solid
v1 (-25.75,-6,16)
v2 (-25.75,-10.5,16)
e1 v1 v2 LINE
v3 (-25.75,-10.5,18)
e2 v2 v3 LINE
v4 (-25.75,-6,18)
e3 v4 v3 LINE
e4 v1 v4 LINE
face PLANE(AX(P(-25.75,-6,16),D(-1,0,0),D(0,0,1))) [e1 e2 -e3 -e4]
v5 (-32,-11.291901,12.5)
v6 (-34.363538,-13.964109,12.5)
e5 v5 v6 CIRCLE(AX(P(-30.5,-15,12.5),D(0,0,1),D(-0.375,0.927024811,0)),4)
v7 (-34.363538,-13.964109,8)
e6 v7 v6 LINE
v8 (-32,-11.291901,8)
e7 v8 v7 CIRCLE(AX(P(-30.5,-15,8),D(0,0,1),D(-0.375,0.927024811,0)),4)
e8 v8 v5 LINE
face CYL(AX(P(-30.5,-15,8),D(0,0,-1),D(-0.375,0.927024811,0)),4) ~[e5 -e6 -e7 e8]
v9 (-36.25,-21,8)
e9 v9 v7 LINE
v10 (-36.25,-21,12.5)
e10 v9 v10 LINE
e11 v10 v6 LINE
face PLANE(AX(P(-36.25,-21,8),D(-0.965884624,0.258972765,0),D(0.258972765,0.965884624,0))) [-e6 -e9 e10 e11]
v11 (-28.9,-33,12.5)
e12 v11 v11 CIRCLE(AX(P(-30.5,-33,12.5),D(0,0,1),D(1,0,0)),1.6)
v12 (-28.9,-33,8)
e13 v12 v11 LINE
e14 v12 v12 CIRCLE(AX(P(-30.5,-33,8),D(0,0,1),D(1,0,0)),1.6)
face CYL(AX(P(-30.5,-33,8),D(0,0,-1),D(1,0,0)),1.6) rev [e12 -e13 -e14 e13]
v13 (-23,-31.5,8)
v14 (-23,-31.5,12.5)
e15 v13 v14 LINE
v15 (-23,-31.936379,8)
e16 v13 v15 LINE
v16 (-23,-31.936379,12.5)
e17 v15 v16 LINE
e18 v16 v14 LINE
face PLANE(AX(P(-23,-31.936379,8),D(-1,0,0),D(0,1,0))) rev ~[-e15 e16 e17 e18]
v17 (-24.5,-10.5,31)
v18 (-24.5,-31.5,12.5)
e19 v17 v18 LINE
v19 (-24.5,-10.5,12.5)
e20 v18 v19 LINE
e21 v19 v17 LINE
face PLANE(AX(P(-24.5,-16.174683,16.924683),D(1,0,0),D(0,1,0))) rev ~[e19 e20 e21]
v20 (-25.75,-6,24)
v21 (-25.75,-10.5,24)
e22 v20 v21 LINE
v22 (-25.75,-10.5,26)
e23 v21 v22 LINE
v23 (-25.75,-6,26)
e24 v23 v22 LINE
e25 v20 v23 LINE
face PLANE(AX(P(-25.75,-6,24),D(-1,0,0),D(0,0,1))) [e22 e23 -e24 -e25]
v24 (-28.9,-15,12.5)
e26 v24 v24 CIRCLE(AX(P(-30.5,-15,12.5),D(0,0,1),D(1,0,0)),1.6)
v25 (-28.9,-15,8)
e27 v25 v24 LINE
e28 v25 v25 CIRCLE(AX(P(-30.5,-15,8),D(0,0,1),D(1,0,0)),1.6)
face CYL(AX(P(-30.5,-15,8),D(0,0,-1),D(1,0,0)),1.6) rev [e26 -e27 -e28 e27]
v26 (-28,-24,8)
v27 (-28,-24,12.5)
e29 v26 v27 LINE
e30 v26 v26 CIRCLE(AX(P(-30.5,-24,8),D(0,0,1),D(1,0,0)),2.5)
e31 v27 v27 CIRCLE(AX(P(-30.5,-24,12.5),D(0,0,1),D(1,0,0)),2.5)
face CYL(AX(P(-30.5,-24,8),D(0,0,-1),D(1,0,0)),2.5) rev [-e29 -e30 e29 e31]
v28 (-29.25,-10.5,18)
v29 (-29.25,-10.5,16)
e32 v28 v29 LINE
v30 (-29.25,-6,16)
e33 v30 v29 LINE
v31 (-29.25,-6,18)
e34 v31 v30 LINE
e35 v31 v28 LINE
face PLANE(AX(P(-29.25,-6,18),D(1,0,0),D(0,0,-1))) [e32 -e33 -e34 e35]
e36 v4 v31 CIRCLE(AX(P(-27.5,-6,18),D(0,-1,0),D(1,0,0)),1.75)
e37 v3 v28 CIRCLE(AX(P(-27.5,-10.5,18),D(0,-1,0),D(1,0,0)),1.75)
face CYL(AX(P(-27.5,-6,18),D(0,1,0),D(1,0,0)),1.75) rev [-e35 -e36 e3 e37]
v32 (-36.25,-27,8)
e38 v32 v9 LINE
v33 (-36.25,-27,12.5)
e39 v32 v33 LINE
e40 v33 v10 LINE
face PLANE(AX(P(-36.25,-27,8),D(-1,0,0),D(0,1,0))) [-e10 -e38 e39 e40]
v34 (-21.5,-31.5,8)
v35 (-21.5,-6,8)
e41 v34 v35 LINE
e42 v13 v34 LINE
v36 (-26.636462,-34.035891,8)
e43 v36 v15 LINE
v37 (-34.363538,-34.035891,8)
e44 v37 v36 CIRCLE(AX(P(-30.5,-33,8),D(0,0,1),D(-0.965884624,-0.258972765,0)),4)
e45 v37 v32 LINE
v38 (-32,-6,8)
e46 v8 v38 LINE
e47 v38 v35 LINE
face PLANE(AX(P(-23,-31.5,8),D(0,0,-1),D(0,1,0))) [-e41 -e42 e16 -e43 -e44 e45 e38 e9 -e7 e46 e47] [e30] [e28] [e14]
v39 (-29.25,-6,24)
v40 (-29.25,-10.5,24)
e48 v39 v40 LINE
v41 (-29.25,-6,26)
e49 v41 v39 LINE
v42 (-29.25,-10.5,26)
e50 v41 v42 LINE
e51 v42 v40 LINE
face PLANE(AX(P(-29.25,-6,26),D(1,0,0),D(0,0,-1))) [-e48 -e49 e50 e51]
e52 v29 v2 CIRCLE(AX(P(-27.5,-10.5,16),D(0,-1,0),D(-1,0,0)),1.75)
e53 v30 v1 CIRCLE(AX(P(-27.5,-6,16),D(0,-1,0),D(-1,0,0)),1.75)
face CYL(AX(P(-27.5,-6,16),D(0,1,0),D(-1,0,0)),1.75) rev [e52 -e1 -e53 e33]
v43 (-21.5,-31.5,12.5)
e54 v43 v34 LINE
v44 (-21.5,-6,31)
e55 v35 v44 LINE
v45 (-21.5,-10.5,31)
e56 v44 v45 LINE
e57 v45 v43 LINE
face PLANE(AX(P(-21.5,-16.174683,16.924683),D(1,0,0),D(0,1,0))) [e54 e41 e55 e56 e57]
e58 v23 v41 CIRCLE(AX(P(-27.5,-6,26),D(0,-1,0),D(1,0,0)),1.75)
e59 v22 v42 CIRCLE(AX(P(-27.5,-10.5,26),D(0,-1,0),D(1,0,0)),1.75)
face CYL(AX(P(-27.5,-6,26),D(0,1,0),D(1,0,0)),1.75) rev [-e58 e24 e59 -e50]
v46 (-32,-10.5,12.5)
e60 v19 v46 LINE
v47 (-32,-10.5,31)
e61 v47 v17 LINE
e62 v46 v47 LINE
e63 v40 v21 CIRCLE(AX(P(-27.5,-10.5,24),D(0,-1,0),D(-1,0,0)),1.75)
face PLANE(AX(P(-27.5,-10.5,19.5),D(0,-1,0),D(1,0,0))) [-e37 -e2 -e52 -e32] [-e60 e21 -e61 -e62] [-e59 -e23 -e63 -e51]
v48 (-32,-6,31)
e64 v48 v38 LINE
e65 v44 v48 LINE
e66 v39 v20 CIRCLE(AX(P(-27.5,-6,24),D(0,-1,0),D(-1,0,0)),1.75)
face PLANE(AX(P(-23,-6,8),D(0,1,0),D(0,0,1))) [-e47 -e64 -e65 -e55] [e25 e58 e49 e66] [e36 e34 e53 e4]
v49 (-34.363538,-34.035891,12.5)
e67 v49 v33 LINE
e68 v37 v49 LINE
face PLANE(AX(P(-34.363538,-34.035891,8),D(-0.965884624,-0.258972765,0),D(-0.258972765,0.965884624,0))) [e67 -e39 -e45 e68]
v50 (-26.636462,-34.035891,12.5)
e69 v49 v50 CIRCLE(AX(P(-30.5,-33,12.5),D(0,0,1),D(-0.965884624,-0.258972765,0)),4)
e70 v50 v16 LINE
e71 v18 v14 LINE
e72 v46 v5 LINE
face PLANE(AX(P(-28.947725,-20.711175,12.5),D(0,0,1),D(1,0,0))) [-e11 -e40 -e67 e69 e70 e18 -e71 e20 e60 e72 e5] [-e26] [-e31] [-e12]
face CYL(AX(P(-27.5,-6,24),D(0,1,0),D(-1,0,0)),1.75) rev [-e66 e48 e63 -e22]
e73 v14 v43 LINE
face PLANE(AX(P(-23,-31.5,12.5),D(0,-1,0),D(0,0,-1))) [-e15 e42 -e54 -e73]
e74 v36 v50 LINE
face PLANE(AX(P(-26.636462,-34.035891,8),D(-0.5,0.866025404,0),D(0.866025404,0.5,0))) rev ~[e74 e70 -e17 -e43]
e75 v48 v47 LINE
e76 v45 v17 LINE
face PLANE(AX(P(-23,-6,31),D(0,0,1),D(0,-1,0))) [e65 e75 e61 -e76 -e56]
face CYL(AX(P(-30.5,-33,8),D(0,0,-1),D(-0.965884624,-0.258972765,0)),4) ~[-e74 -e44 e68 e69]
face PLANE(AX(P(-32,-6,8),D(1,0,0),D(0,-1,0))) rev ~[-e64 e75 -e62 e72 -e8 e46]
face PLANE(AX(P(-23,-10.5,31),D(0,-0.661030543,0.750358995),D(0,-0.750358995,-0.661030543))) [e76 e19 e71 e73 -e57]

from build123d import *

# Parameters (mm, degrees)
SKETCH016_W   = 9
SKETCH016_H   = 23
PAD005_DEPTH  = 4.5
SKETCH018_R   = 1.6
SKETCH018_R_2 = 2.5
PAD006_DEPTH  = 4.5
PAD011_DEPTH  = 1.5


with BuildPart() as part:
    # Sketch016 → Pad005 (new body)
    with BuildSketch(Plane.XZ):
        with Locations((3, 11.5)):
            Rectangle(SKETCH016_W, SKETCH016_H)
        with BuildLine():
            ThreePointArc((4.75, 18), (3, 19.75), (1.25, 18))
            Line((1.25, 18), (1.25, 16))
            ThreePointArc((1.25, 16), (3, 14.25), (4.75, 16))
            Line((4.75, 16), (4.75, 18))
        make_face(mode=Mode.SUBTRACT)
        with BuildLine():
            ThreePointArc((4.75, 10), (3, 11.75), (1.25, 10))
            Line((1.25, 10), (1.25, 8))
            ThreePointArc((1.25, 8), (3, 6.25), (4.75, 8))
            Line((4.75, 8), (4.75, 10))
        make_face(mode=Mode.SUBTRACT)
    extrude(amount=PAD005_DEPTH)

    # Sketch018 → Pad006 (join)
    with BuildSketch(Plane.XY):
        with BuildLine():
            ThreePointArc((-3.8635384963, -28.0358910598), (0, -31), (3.8635384963, -28.0358910598))
            Line((3.8635384963, -28.0358910598), (7.5, -25.9363790317))
            Line((7.5, -25.9363790317), (7.5, -4.5))
            Line((7.5, -4.5), (7.5, 0))
            Line((-1.5, 0), (7.5, 0))
            Line((-1.5, 0), (-1.5, -4.5))
            Line((-1.5, -4.5), (-1.5, -5.2919007565))
            ThreePointArc((-1.5, -5.2919007565), (-2.9961743014, -6.3499170663), (-3.8635384963, -7.9641089402))
            Line((-5.75, -15), (-3.8635384963, -7.9641089402))
            Line((-5.75, -21), (-5.75, -15))
            Line((-3.8635384963, -28.0358910598), (-5.75, -21))
        make_face()
        with Locations((0, -27)):
            Circle(SKETCH018_R, mode=Mode.SUBTRACT)
        with Locations((0, -9)):
            Circle(SKETCH018_R, mode=Mode.SUBTRACT)
        with Locations((0, -18)):
            Circle(SKETCH018_R_2, mode=Mode.SUBTRACT)
    extrude(amount=PAD006_DEPTH)

    # Sketch034 (on DatumPlane) → Pad011 (join, symmetric)
    with BuildSketch(Plane.YZ.offset(7.5)):
        Polygon((-4.5, 23), (-25.5, 4.5), (-25.5, 0), (0, 0), (0, 23), align=None)
    extrude(amount=PAD011_DEPTH, both=True)


with BuildPart() as part_1:
    # Body002 placement: moved
    add(part.part.moved(Location((-30.5, -6, 8))))


solid = part_1.part
